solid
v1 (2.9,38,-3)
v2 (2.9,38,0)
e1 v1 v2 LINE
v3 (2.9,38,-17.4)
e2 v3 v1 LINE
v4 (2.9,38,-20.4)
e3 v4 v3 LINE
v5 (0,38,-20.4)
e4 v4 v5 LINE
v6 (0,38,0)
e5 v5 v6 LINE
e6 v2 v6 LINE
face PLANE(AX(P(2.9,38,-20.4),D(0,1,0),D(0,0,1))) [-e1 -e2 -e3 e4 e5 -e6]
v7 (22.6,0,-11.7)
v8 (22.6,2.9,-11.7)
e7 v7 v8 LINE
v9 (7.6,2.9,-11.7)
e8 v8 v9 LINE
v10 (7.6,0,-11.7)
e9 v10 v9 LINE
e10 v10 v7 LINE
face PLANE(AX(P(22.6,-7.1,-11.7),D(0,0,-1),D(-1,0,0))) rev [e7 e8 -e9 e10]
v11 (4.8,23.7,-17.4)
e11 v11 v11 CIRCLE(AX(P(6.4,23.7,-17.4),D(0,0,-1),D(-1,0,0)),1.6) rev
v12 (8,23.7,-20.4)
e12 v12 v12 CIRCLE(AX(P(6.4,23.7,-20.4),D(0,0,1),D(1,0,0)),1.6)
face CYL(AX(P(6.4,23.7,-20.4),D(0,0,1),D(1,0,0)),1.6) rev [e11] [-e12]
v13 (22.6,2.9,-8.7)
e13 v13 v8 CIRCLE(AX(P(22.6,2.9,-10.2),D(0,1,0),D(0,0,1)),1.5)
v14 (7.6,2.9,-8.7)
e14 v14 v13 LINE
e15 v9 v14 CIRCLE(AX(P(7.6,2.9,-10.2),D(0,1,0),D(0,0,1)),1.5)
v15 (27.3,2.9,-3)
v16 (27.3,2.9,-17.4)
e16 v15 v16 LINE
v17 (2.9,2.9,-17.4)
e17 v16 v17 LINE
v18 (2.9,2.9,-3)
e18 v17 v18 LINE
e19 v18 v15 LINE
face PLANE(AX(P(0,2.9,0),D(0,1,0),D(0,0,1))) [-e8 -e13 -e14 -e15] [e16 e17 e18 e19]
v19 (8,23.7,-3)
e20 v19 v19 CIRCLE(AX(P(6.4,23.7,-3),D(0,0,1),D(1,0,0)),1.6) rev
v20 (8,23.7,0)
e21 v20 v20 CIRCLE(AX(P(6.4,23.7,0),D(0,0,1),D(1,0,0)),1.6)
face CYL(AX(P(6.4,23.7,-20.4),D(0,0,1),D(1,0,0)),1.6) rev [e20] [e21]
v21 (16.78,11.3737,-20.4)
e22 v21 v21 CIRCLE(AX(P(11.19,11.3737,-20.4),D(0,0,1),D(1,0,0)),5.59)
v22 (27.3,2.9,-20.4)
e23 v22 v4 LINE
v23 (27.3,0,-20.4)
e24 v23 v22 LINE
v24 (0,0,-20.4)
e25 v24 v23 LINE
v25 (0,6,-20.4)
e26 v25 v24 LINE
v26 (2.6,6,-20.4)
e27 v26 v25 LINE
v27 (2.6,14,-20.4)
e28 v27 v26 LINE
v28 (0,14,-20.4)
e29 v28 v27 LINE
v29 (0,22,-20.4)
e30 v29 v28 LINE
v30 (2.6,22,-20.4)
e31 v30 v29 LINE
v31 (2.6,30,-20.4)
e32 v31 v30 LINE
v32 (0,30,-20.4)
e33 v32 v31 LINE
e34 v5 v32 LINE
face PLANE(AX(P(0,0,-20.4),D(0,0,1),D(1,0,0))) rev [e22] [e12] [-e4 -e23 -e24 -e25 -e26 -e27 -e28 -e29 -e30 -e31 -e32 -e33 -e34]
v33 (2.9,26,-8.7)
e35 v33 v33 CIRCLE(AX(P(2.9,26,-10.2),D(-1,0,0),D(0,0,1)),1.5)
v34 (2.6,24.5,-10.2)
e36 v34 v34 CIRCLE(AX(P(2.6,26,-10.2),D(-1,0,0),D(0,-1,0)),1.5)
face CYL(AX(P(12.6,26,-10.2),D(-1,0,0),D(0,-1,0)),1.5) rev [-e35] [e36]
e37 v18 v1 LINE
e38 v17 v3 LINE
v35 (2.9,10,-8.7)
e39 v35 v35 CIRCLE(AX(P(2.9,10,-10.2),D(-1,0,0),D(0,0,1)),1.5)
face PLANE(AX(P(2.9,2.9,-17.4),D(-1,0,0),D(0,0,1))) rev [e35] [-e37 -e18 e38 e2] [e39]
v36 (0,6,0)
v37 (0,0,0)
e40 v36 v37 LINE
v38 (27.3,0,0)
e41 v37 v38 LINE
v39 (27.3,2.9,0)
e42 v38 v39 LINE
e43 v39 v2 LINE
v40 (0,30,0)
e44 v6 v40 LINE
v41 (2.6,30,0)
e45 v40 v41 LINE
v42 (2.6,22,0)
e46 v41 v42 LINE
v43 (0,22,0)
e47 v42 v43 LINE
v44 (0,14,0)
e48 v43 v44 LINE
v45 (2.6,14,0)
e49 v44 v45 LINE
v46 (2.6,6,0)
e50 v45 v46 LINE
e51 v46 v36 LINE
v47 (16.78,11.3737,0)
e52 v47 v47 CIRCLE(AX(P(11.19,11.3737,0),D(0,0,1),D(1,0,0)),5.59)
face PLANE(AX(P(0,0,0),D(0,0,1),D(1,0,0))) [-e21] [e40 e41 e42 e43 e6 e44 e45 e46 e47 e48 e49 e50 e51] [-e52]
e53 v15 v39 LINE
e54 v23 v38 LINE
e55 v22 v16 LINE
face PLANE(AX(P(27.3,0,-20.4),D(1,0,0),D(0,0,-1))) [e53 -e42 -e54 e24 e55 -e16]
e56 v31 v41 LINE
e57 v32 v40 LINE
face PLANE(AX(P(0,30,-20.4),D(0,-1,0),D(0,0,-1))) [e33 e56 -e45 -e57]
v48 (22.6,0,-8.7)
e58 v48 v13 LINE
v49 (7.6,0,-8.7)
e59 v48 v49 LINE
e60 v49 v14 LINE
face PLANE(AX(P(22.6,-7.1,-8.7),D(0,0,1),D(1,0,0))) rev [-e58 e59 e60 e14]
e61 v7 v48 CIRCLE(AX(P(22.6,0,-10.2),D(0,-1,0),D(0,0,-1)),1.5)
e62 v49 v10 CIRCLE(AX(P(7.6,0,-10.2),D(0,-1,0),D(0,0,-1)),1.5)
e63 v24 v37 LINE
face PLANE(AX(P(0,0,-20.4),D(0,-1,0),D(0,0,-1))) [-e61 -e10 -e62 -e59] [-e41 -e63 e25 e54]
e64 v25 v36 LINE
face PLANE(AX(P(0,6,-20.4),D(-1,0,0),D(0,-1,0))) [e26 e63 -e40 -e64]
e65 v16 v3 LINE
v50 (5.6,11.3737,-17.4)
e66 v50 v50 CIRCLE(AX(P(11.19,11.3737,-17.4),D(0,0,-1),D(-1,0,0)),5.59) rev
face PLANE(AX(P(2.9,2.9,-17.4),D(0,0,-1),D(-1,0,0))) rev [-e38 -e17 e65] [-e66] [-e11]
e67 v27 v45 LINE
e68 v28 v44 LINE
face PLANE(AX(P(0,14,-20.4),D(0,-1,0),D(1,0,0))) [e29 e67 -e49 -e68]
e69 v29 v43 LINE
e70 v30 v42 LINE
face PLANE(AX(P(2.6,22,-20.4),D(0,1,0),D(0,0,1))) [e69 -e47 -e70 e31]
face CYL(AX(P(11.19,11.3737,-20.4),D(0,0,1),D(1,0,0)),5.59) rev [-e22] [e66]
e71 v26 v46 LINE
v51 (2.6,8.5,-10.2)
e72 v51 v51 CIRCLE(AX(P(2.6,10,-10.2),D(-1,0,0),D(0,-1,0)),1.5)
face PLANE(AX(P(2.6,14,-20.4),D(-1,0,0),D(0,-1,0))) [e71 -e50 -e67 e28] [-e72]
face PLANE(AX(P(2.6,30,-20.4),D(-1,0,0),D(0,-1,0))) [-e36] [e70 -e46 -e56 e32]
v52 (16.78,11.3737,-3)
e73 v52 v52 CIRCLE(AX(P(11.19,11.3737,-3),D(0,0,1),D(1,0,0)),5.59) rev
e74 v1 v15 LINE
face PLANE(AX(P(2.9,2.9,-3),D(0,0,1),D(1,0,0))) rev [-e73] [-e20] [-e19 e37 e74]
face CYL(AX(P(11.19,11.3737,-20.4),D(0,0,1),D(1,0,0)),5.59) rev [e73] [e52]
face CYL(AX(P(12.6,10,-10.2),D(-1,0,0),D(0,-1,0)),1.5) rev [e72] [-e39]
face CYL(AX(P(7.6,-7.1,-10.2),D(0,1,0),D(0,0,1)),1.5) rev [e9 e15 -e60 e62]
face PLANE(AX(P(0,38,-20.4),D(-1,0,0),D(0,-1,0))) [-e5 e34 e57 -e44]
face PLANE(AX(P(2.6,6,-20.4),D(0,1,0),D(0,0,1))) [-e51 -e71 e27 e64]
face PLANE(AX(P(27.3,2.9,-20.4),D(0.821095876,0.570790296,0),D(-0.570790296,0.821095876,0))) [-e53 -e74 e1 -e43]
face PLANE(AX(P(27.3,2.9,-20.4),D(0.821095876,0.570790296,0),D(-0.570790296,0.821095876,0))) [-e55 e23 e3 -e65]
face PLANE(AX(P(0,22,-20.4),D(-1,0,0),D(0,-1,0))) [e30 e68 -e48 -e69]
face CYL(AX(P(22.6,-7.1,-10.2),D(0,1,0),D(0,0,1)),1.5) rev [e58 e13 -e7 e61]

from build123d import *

# Parameters (mm, degrees)
CROQUIS1_R              = 5.59
CROQUIS1_R_2            = 1.6
SALIENTE_EXTRUIR1_DEPTH = 20.4
CROQUIS2_W              = 24.4
CROQUIS2_H              = 14.4
CORTAR_EXTRUIR1_DEPTH   = 35.1
CROQUIS3_R              = 1.5
CORTAR_EXTRUIR2_DEPTH   = 10
CORTAR_EXTRUIR3_DEPTH   = 10


with BuildPart() as part:
    # Croquis1 → Saliente-Extruir1 (new body)
    with BuildSketch(Plane.XY):
        Polygon((0, 0), (27.3, 0), (27.3, 2.9), (2.9, 38), (0, 38), (0, 30), (2.6, 30), (2.6, 22), (0, 22), (0, 14), (2.6, 14), (2.6, 6), (0, 6), align=None)
        with Locations((11.19, 11.3737)):
            Circle(CROQUIS1_R, mode=Mode.SUBTRACT)
        with Locations((6.4, 23.7)):
            Circle(CROQUIS1_R_2, mode=Mode.SUBTRACT)
    extrude(amount=-SALIENTE_EXTRUIR1_DEPTH)

    # Croquis2 → Cortar-Extruir1 (cut)
    with BuildSketch(Plane(origin=(0, 38, 0), x_dir=(1, 0, 0), z_dir=(0, 1, 0))):
        with Locations((15.1, 10.2)):
            Rectangle(CROQUIS2_W, CROQUIS2_H)
    extrude(amount=-CORTAR_EXTRUIR1_DEPTH, mode=Mode.SUBTRACT)

    # Croquis3 → Cortar-Extruir2 (cut)
    with BuildSketch(Plane.ZY.offset(-2.6)):
        with Locations(Location((-10.2, 26, 0), (0, 0, 270))):
            Circle(CROQUIS3_R)
        with Locations(Location((-10.2, 10, 0), (0, 0, 270))):
            Circle(CROQUIS3_R)
    extrude(amount=-CORTAR_EXTRUIR2_DEPTH, mode=Mode.SUBTRACT)

    # Croquis4 → Cortar-Extruir3 (cut)
    with BuildSketch(Plane(origin=(0, 2.9, 0), x_dir=(1, 0, 0), z_dir=(0, 1, 0))):
        with BuildLine():
            Line((22.6, 8.7), (7.6, 8.7))
            ThreePointArc((7.6, 8.7), (6.1, 10.2), (7.6, 11.7))
            Line((7.6, 11.7), (22.6, 11.7))
            ThreePointArc((22.6, 11.7), (24.1, 10.2), (22.6, 8.7))
        make_face()
    extrude(amount=-CORTAR_EXTRUIR3_DEPTH, mode=Mode.SUBTRACT)


solid = part.part
